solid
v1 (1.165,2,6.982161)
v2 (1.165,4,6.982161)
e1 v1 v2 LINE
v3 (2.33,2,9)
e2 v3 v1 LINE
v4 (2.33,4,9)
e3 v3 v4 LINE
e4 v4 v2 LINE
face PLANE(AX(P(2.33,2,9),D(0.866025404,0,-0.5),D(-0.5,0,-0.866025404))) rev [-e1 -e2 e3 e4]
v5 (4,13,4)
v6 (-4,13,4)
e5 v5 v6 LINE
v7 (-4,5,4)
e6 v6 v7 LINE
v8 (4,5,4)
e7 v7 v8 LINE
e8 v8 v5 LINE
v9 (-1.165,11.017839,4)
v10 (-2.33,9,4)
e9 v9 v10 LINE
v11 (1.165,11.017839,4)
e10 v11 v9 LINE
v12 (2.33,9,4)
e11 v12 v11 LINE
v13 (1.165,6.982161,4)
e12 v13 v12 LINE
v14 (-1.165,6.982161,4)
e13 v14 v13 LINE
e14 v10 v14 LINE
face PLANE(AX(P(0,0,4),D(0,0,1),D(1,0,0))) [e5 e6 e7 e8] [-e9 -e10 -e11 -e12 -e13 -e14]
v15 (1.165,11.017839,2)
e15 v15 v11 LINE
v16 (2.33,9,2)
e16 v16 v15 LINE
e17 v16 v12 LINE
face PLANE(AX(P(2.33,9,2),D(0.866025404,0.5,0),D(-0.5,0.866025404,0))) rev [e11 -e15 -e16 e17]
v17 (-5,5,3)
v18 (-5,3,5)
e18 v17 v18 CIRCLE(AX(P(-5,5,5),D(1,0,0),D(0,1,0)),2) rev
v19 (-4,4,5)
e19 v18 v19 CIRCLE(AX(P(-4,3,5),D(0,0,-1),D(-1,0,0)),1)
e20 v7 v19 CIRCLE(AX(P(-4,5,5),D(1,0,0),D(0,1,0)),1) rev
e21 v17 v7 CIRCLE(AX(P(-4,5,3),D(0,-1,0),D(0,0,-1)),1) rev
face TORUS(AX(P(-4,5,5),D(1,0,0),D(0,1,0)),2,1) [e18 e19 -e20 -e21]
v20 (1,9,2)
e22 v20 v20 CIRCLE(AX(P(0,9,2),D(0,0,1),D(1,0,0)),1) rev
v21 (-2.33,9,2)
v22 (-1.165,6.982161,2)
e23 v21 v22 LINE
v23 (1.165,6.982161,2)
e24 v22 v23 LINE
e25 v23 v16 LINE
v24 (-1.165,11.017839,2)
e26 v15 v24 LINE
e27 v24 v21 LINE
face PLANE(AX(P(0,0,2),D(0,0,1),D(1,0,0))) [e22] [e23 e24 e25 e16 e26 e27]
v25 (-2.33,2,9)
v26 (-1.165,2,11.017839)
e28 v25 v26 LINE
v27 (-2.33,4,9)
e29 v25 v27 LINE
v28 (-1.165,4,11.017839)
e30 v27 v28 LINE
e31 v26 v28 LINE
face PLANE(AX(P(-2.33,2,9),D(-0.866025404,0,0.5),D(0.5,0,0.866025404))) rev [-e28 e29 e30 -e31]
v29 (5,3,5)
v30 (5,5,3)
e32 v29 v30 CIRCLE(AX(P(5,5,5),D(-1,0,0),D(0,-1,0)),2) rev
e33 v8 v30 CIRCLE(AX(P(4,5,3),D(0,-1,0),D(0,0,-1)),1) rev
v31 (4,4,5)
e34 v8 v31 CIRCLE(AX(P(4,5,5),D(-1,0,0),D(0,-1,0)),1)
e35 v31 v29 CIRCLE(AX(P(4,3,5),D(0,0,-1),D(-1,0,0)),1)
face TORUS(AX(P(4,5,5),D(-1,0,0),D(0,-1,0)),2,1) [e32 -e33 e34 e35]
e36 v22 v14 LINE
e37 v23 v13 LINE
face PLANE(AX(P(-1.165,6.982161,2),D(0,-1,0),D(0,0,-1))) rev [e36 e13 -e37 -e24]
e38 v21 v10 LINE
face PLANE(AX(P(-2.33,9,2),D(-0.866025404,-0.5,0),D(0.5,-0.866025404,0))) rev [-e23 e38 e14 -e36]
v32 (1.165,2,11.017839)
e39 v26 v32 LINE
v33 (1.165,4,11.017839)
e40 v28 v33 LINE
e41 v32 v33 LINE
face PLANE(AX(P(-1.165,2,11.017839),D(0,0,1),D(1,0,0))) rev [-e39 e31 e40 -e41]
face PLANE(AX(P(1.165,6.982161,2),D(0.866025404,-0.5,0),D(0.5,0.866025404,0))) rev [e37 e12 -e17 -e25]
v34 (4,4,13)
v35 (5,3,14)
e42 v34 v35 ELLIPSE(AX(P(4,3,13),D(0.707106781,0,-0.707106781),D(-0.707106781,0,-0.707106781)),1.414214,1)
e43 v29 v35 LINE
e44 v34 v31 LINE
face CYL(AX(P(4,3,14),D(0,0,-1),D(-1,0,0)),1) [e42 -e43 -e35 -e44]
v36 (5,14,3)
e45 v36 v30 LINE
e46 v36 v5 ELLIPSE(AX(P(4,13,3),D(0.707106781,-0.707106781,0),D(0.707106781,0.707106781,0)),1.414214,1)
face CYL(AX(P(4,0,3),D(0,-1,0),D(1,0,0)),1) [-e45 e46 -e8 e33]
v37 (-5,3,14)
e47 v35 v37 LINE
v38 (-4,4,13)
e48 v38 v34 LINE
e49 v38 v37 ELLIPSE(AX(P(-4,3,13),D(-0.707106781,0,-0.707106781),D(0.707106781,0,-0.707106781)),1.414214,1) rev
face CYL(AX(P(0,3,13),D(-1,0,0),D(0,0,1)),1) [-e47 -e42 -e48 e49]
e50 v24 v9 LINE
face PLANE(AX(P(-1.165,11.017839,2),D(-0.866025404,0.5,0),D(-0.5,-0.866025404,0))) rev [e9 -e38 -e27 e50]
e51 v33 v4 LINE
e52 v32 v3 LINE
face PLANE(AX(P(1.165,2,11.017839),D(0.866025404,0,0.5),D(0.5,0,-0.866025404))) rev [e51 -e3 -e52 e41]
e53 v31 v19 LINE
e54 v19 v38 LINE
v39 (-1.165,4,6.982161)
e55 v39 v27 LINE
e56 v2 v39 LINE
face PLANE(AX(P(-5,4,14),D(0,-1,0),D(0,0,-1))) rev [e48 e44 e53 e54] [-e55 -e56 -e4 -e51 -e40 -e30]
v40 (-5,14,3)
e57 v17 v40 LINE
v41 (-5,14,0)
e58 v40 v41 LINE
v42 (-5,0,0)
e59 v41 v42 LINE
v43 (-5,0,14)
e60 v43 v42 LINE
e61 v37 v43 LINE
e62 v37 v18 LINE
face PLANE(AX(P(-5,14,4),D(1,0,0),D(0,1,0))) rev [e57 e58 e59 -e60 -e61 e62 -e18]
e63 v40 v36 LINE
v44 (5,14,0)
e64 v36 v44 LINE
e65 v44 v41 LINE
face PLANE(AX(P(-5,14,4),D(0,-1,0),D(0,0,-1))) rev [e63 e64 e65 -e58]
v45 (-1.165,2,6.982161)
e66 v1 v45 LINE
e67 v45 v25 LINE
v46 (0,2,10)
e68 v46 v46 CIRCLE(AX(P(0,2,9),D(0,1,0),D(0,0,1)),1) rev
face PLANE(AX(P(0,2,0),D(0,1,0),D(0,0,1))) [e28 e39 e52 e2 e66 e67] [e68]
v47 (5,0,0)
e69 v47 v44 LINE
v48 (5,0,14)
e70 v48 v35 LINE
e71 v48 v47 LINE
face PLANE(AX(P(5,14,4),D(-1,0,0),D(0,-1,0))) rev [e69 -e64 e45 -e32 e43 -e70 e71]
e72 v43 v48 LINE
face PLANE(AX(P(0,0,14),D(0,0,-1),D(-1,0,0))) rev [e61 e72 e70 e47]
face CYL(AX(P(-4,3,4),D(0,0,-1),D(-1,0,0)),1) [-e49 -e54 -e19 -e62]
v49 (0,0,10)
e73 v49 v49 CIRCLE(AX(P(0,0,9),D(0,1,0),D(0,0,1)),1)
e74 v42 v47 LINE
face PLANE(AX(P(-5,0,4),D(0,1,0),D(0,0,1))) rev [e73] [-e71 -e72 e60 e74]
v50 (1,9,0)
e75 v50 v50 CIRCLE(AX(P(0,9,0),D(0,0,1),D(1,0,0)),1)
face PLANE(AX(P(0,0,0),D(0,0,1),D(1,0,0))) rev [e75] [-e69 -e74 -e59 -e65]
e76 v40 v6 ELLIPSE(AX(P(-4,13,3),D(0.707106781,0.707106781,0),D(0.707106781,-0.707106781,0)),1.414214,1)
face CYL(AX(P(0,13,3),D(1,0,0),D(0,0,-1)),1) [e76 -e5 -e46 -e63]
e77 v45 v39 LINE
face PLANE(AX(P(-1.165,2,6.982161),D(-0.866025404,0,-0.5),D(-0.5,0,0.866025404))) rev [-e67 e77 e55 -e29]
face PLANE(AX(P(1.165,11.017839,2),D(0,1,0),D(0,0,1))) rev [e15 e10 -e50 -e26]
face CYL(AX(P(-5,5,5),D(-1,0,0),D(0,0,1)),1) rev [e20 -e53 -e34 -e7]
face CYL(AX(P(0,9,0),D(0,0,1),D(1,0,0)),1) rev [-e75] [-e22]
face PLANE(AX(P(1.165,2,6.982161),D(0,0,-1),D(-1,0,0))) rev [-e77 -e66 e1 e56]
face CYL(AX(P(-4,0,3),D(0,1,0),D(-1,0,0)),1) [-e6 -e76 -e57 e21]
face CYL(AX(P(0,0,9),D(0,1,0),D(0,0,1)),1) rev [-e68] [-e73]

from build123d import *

# Parameters (mm, degrees)
ESQUISSE1_W             = 10
ESQUISSE1_H             = 14
BOSS_EXTRU_1_DEPTH      = 4
ESQUISSE2_W             = 10
ESQUISSE2_H             = 4
BOSS_EXTRU_2_DEPTH      = 10
ESQUISSE3_R             = 1
ENL_V_MAT_EXTRU_1_DEPTH = 5
CONG_1_R                = 1
ESQUISSE4_R             = 1
ENL_V_MAT_EXTRU_2_DEPTH = 5
ENL_V_MAT_EXTRU_3_DEPTH = 2
ENL_V_MAT_EXTRU_4_DEPTH = 2


with BuildPart() as part:
    # Esquisse1 → Boss.-Extru.1 (new body)
    with BuildSketch(Plane.XY):
        with Locations((0, 7)):
            Rectangle(ESQUISSE1_W, ESQUISSE1_H)
    extrude(amount=BOSS_EXTRU_1_DEPTH)

    # Esquisse2 → Boss.-Extru.2 (add)
    with BuildSketch(Plane.XY.offset(4)):
        with Locations((0, 2)):
            Rectangle(ESQUISSE2_W, ESQUISSE2_H)
    extrude(amount=BOSS_EXTRU_2_DEPTH)

    # Esquisse3 → Enlèv. mat.-Extru.1 (cut, through all)
    with BuildSketch(Plane.XY.offset(4)):
        with Locations((0, 9)):
            Circle(ESQUISSE3_R)
    extrude(amount=-ENL_V_MAT_EXTRU_1_DEPTH, mode=Mode.SUBTRACT)

    # Congé1
    cong_1_edges = [part.edges().sort_by_distance(p)[0] for p in [
        (5, 9, 4),
        (-5, 4, 9),
        (0, 4, 4),
        (5, 4, 9),
        (0, 14, 4),
        (0, 4, 14),
        (-5, 9, 4),
    ]]
    fillet(cong_1_edges, radius=CONG_1_R)

    # Esquisse4 → Enlèv. mat.-Extru.2 (cut, through all)
    with BuildSketch(Plane(origin=(0, 4, 0), x_dir=(1, 0, 0), z_dir=(0, 1, 0))):
        with Locations(Location((0, -9, 0), (0, 0, 270))):  # turned: the seam where the file's is
            Circle(ESQUISSE4_R)
    extrude(amount=-ENL_V_MAT_EXTRU_2_DEPTH, mode=Mode.SUBTRACT)

    # Esquisse5 → Enlèv. mat.-Extru.3 (cut)
    with BuildSketch(Plane.XY.offset(4)):
        Polygon((1.165, 6.982160809), (2.33, 9), (1.165, 11.017839191), (-1.165, 11.017839191), (-2.33, 9), (-1.165, 6.982160809), align=None)
    extrude(amount=-ENL_V_MAT_EXTRU_3_DEPTH, mode=Mode.SUBTRACT)

    # Esquisse6 → Enlèv. mat.-Extru.4 (cut)
    with BuildSketch(Plane(origin=(0, 4, 0), x_dir=(1, 0, 0), z_dir=(0, 1, 0))):
        Polygon((2.33, -9), (1.165, -6.982160809), (-1.165, -6.982160809), (-2.33, -9), (-1.165, -11.017839191), (1.165, -11.017839191), align=None)
    extrude(amount=-ENL_V_MAT_EXTRU_4_DEPTH, mode=Mode.SUBTRACT)


solid = part.part
